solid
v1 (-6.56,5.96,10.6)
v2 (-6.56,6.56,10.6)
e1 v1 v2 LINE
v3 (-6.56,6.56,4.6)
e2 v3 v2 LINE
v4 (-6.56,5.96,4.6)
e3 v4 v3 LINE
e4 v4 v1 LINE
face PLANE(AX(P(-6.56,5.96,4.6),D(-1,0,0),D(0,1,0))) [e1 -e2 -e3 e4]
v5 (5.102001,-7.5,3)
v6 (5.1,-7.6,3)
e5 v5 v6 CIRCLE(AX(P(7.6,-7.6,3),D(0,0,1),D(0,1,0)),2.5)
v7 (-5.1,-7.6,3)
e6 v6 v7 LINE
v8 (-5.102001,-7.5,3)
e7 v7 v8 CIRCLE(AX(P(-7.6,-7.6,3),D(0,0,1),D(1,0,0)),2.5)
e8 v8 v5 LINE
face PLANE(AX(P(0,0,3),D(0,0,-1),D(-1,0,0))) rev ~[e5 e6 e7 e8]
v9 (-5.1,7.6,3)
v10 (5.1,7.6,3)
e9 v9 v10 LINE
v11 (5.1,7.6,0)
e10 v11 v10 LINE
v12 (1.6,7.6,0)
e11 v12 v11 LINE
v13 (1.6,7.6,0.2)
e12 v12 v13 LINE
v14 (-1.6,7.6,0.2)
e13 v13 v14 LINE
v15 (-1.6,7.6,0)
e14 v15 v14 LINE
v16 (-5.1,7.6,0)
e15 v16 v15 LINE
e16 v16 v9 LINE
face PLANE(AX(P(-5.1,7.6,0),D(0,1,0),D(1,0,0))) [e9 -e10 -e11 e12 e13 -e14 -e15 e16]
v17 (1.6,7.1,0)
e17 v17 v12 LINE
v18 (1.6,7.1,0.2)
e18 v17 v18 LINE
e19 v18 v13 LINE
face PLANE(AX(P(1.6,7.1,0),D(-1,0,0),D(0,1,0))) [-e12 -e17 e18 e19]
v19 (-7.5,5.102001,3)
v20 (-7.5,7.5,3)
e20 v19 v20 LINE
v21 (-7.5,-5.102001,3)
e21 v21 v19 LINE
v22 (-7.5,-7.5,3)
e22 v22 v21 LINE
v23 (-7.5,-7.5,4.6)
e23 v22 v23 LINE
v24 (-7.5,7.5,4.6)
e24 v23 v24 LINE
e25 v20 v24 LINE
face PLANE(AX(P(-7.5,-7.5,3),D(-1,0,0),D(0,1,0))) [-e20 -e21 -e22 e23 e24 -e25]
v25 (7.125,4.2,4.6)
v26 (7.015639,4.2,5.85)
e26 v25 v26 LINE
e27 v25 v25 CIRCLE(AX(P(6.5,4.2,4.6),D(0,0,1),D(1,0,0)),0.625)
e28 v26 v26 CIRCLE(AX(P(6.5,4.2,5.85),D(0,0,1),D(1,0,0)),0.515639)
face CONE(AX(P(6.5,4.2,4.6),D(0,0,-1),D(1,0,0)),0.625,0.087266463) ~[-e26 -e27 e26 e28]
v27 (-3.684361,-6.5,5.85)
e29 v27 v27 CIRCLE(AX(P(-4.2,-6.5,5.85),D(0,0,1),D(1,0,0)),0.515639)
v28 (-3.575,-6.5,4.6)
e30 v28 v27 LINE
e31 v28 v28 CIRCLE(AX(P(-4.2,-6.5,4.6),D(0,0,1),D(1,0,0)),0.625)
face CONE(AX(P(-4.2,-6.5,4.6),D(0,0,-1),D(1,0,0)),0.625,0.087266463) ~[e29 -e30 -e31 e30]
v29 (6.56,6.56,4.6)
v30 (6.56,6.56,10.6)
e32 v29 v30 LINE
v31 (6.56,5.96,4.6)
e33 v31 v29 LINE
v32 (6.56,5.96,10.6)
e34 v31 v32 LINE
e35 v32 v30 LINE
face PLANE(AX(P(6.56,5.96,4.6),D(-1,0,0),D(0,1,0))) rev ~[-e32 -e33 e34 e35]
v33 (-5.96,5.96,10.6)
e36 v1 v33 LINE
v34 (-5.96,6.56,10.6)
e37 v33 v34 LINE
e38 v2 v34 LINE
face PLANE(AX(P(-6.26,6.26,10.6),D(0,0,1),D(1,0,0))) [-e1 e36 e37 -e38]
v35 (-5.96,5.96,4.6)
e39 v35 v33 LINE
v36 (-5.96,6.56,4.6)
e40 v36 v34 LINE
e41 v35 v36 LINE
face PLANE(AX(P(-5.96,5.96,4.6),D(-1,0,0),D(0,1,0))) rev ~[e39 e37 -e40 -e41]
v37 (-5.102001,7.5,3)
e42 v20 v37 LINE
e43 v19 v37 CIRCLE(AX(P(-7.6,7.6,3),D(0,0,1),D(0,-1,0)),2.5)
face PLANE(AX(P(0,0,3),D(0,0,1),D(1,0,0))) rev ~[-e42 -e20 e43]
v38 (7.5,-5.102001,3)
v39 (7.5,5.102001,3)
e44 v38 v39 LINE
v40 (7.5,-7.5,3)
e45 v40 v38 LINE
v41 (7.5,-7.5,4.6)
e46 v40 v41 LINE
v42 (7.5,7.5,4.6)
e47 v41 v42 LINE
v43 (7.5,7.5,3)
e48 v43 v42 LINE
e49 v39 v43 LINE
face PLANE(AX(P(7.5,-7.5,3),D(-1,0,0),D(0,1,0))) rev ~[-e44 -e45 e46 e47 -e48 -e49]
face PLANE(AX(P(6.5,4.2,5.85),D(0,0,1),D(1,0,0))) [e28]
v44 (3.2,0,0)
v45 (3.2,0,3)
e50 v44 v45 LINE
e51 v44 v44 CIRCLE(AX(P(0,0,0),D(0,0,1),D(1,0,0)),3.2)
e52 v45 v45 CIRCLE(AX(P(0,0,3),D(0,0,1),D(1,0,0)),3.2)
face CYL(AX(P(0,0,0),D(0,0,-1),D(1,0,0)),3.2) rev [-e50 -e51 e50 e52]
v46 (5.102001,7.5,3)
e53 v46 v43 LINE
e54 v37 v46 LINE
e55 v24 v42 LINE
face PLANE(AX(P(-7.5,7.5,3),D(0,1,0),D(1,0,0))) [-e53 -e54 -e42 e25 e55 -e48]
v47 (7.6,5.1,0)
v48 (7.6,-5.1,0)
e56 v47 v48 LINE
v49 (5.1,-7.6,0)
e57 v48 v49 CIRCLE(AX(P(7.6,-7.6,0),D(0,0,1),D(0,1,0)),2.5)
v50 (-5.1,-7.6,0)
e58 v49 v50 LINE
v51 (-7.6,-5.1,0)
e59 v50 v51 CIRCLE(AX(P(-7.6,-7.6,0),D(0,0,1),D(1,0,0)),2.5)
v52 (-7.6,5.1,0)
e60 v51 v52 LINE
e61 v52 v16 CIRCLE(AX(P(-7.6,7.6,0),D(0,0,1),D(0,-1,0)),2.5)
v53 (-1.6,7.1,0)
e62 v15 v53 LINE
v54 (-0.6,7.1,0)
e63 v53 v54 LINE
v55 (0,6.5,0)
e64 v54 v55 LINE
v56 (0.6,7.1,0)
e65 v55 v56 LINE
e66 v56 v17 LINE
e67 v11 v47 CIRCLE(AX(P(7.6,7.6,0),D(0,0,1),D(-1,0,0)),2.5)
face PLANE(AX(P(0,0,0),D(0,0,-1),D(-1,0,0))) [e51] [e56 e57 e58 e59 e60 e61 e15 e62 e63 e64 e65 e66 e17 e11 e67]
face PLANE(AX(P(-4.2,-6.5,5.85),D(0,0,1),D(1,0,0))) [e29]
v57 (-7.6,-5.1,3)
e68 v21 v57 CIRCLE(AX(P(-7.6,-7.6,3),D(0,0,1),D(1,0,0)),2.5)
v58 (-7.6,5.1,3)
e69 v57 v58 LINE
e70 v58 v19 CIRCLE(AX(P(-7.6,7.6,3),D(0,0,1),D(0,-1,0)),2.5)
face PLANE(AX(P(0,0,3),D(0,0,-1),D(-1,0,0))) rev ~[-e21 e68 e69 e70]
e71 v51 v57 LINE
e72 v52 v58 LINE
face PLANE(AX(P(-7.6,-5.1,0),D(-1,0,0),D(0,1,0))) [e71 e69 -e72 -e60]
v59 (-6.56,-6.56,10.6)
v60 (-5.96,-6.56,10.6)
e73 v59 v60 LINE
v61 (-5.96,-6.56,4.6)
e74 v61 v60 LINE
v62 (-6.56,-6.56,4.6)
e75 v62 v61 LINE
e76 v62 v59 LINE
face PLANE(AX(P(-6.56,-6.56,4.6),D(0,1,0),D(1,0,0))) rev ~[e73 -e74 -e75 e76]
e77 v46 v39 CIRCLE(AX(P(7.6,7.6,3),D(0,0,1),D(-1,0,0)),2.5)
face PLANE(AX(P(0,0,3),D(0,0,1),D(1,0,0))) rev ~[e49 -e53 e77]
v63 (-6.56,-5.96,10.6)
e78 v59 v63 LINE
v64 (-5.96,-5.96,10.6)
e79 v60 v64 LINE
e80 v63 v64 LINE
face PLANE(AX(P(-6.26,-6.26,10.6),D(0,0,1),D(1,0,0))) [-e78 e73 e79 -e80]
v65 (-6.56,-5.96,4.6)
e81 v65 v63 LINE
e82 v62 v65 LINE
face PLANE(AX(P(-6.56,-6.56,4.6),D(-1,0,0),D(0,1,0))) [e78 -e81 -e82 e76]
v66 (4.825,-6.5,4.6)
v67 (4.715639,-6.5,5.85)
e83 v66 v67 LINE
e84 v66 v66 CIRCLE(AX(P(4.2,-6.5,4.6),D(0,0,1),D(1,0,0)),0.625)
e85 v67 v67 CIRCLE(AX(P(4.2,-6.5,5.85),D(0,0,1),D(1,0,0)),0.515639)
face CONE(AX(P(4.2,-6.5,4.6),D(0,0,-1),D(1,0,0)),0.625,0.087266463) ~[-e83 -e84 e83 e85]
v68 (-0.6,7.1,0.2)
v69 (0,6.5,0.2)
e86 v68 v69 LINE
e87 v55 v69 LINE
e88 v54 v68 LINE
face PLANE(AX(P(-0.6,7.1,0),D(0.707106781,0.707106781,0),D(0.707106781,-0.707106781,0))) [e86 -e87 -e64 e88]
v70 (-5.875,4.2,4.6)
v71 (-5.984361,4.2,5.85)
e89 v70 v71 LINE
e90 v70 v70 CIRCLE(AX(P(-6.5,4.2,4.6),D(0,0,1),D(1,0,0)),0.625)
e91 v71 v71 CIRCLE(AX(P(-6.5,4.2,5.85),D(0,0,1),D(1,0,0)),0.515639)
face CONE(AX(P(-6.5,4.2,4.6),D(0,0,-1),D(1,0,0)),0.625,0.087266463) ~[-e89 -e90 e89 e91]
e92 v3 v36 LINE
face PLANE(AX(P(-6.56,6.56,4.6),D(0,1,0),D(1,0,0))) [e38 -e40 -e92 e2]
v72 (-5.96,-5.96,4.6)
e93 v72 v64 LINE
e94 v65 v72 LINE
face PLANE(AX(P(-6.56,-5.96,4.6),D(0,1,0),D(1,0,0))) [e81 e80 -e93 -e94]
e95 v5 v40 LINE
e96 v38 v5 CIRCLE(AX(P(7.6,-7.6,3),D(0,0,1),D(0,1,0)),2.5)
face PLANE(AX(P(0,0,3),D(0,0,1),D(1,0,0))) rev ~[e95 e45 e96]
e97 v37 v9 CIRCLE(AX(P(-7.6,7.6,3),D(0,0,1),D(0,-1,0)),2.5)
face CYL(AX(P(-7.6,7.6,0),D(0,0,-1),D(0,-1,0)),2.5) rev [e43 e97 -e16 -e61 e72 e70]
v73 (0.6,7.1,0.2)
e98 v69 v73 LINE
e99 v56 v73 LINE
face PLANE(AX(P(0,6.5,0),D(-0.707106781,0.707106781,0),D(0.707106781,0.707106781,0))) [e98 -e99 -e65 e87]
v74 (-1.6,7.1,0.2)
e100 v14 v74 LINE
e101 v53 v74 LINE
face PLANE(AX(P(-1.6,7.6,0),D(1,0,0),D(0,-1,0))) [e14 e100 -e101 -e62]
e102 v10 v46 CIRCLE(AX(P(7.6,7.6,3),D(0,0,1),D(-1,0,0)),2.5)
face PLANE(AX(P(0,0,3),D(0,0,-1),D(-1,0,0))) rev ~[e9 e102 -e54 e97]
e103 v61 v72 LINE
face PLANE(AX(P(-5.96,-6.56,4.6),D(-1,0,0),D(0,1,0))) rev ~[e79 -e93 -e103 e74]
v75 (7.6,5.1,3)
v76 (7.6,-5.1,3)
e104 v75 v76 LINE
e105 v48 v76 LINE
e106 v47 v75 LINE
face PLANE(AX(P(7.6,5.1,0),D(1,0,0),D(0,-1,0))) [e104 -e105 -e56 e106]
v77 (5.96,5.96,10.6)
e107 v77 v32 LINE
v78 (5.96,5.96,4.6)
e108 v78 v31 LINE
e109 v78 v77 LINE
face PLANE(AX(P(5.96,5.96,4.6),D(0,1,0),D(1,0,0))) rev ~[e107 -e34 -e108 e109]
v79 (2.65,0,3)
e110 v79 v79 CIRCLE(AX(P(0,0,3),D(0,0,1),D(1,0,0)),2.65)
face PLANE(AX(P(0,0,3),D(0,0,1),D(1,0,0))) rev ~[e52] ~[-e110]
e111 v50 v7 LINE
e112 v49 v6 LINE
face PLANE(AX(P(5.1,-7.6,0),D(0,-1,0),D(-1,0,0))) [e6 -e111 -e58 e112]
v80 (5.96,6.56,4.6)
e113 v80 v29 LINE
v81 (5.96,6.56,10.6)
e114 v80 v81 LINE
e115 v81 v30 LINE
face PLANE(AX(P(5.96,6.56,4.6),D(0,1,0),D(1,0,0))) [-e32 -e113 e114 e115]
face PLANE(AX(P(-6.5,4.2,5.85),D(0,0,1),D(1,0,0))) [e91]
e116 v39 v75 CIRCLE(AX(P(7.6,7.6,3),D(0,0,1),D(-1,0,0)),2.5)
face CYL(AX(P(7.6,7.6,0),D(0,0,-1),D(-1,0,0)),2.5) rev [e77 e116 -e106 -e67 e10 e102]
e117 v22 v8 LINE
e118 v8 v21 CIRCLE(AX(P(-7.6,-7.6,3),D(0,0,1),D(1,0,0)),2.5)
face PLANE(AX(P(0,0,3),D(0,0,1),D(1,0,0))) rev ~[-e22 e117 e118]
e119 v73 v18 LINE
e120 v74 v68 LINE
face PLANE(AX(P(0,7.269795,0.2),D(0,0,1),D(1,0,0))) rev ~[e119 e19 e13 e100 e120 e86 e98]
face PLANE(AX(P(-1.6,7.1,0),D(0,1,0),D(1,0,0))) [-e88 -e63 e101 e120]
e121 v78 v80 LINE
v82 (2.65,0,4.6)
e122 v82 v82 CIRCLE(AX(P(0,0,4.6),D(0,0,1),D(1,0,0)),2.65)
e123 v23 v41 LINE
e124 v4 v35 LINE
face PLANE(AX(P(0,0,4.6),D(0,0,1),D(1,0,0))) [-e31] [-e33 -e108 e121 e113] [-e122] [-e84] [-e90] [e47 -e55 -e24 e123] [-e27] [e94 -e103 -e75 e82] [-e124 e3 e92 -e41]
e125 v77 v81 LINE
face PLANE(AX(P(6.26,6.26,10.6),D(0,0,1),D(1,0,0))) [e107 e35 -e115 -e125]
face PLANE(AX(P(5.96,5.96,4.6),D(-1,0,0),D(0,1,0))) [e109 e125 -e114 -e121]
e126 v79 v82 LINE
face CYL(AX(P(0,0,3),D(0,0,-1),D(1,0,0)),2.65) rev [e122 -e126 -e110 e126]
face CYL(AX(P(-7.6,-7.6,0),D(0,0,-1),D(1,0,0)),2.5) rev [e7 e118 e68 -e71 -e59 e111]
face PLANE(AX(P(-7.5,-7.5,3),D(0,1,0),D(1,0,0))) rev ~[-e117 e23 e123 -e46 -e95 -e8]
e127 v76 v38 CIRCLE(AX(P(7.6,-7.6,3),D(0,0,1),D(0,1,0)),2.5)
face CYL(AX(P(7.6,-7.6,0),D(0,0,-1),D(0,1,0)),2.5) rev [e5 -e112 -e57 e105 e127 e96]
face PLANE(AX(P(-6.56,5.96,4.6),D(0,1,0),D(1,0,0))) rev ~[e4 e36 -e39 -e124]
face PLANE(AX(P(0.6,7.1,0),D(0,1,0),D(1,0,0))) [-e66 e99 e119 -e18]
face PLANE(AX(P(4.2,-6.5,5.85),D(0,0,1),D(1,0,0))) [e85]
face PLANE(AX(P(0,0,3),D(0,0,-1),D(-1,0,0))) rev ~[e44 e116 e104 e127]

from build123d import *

# Parameters (mm, degrees)
SKETCH1_R                = 3.2
EXTRUDE1_DEPTH           = 3
SKETCH2_W                = 15
SKETCH2_H                = 15
SKETCH2_R                = 2.65
EXTRUDE2_DEPTH           = 1.6
SKETCH3_W                = 0.6
SKETCH3_H                = 0.6
EXTRUDE3_DEPTH           = 6
SKETCH4_R                = 0.625
EXTRUDE4_DEPTH           = 1.25
EXTRUDE4_DRAFT           = 5
EXTRUDE4_PROFILE_2_DEPTH = 1.25
EXTRUDE4_PROFILE_2_DRAFT = 5
EXTRUDE4_PROFILE_3_DEPTH = 1.25
EXTRUDE4_PROFILE_3_DRAFT = 5
EXTRUDE4_PROFILE_4_DEPTH = 1.25
EXTRUDE4_PROFILE_4_DRAFT = 5
CUT_EXTRUDE1_DEPTH       = 0.2


with BuildPart() as part:
    # Sketch1 → Extrude1 (new body)
    with BuildSketch(Plane.XY):
        with BuildLine():
            Line((-5.1, 7.6), (5.1, 7.6))
            ThreePointArc((5.1, 7.6), (5.832233047, 5.832233047), (7.6, 5.1))
            Line((7.6, 5.1), (7.6, -5.1))
            ThreePointArc((7.6, -5.1), (5.832233047, -5.832233047), (5.1, -7.6))
            Line((5.1, -7.6), (-5.1, -7.6))
            ThreePointArc((-5.1, -7.6), (-5.832233047, -5.832233047), (-7.6, -5.1))
            Line((-7.6, -5.1), (-7.6, 5.1))
            ThreePointArc((-7.6, 5.1), (-5.832233047, 5.832233047), (-5.1, 7.6))
        make_face()
        Circle(SKETCH1_R, mode=Mode.SUBTRACT)
    extrude(amount=EXTRUDE1_DEPTH)

    # Sketch2 → Extrude2 (add)
    with BuildSketch(Plane.XY.offset(3)):
        Rectangle(SKETCH2_W, SKETCH2_H)
        Circle(SKETCH2_R, mode=Mode.SUBTRACT)
    extrude(amount=EXTRUDE2_DEPTH)

    # Sketch3 → Extrude3 (add)
    with BuildSketch(Plane.XY.offset(4.6)):
        with Locations((-6.26, 6.26)):
            Rectangle(SKETCH3_W, SKETCH3_H)
        with Locations((6.26, 6.26)):
            Rectangle(SKETCH3_W, SKETCH3_H)
        with Locations((-6.26, -6.26)):
            Rectangle(SKETCH3_W, SKETCH3_H)
    extrude(amount=EXTRUDE3_DEPTH)


with BuildPart() as extrude4_tool:
    # Sketch4 → Extrude4 (with draft: the straight prism first)
    with BuildSketch(Plane.XY.offset(4.6)):
        with Locations((-4.2, -6.5)):
            Circle(SKETCH4_R)
    extrude(amount=EXTRUDE4_DEPTH)
    # Extrude4: the draft: its side faces are tilted about the plane it starts from
    extrude4_sides = [extrude4_tool.faces().sort_by_distance(p)[0] for p in [
        (-4.825, -6.5, 5.225),
    ]]
    draft(extrude4_sides, Plane.XY.offset(4.6), EXTRUDE4_DRAFT)


with BuildPart() as part_1:
    add(part.part)

    # Extrude4: add extrude4_tool
    add(extrude4_tool.part)


with BuildPart() as extrude4_profile_2_tool:
    # Sketch4 → Extrude4 profile 2 (with draft: the straight prism first)
    with BuildSketch(Plane.XY.offset(4.6)):
        with Locations((4.2, -6.5)):
            Circle(SKETCH4_R)
    extrude(amount=EXTRUDE4_PROFILE_2_DEPTH)
    # Extrude4 profile 2: the draft: its side faces are tilted about the plane it starts from
    extrude4_profile_2_sides = [extrude4_profile_2_tool.faces().sort_by_distance(p)[0] for p in [
        (3.575, -6.5, 5.225),
    ]]
    draft(extrude4_profile_2_sides, Plane.XY.offset(4.6), EXTRUDE4_PROFILE_2_DRAFT)


with BuildPart() as part_2:
    add(part_1.part)

    # Extrude4 profile 2: add extrude4_profile_2_tool
    add(extrude4_profile_2_tool.part)


with BuildPart() as extrude4_profile_3_tool:
    # Sketch4 → Extrude4 profile 3 (with draft: the straight prism first)
    with BuildSketch(Plane.XY.offset(4.6)):
        with Locations((-6.5, 4.2)):
            Circle(SKETCH4_R)
    extrude(amount=EXTRUDE4_PROFILE_3_DEPTH)
    # Extrude4 profile 3: the draft: its side faces are tilted about the plane it starts from
    extrude4_profile_3_sides = [extrude4_profile_3_tool.faces().sort_by_distance(p)[0] for p in [
        (-7.125, 4.2, 5.225),
    ]]
    draft(extrude4_profile_3_sides, Plane.XY.offset(4.6), EXTRUDE4_PROFILE_3_DRAFT)


with BuildPart() as part_3:
    add(part_2.part)

    # Extrude4 profile 3: add extrude4_profile_3_tool
    add(extrude4_profile_3_tool.part)


with BuildPart() as extrude4_profile_4_tool:
    # Sketch4 → Extrude4 profile 4 (with draft: the straight prism first)
    with BuildSketch(Plane.XY.offset(4.6)):
        with Locations((6.5, 4.2)):
            Circle(SKETCH4_R)
    extrude(amount=EXTRUDE4_PROFILE_4_DEPTH)
    # Extrude4 profile 4: the draft: its side faces are tilted about the plane it starts from
    extrude4_profile_4_sides = [extrude4_profile_4_tool.faces().sort_by_distance(p)[0] for p in [
        (5.875, 4.2, 5.225),
    ]]
    draft(extrude4_profile_4_sides, Plane.XY.offset(4.6), EXTRUDE4_PROFILE_4_DRAFT)


with BuildPart() as part_4:
    add(part_3.part)

    # Extrude4 profile 4: add extrude4_profile_4_tool
    add(extrude4_profile_4_tool.part)

    # Sketch5 → Cut-Extrude1 (cut)
    with BuildSketch(Plane(origin=(0, 0, 0), x_dir=(-1, 0, 0), z_dir=(0, 0, -1))):
        Polygon((-1.6, 7.6), (1.6, 7.6), (1.6, 7.1), (0.6, 7.1), (0, 6.5), (-0.6, 7.1), (-1.6, 7.1), align=None)
    extrude(amount=-CUT_EXTRUDE1_DEPTH, mode=Mode.SUBTRACT)


solid = part_4.part
